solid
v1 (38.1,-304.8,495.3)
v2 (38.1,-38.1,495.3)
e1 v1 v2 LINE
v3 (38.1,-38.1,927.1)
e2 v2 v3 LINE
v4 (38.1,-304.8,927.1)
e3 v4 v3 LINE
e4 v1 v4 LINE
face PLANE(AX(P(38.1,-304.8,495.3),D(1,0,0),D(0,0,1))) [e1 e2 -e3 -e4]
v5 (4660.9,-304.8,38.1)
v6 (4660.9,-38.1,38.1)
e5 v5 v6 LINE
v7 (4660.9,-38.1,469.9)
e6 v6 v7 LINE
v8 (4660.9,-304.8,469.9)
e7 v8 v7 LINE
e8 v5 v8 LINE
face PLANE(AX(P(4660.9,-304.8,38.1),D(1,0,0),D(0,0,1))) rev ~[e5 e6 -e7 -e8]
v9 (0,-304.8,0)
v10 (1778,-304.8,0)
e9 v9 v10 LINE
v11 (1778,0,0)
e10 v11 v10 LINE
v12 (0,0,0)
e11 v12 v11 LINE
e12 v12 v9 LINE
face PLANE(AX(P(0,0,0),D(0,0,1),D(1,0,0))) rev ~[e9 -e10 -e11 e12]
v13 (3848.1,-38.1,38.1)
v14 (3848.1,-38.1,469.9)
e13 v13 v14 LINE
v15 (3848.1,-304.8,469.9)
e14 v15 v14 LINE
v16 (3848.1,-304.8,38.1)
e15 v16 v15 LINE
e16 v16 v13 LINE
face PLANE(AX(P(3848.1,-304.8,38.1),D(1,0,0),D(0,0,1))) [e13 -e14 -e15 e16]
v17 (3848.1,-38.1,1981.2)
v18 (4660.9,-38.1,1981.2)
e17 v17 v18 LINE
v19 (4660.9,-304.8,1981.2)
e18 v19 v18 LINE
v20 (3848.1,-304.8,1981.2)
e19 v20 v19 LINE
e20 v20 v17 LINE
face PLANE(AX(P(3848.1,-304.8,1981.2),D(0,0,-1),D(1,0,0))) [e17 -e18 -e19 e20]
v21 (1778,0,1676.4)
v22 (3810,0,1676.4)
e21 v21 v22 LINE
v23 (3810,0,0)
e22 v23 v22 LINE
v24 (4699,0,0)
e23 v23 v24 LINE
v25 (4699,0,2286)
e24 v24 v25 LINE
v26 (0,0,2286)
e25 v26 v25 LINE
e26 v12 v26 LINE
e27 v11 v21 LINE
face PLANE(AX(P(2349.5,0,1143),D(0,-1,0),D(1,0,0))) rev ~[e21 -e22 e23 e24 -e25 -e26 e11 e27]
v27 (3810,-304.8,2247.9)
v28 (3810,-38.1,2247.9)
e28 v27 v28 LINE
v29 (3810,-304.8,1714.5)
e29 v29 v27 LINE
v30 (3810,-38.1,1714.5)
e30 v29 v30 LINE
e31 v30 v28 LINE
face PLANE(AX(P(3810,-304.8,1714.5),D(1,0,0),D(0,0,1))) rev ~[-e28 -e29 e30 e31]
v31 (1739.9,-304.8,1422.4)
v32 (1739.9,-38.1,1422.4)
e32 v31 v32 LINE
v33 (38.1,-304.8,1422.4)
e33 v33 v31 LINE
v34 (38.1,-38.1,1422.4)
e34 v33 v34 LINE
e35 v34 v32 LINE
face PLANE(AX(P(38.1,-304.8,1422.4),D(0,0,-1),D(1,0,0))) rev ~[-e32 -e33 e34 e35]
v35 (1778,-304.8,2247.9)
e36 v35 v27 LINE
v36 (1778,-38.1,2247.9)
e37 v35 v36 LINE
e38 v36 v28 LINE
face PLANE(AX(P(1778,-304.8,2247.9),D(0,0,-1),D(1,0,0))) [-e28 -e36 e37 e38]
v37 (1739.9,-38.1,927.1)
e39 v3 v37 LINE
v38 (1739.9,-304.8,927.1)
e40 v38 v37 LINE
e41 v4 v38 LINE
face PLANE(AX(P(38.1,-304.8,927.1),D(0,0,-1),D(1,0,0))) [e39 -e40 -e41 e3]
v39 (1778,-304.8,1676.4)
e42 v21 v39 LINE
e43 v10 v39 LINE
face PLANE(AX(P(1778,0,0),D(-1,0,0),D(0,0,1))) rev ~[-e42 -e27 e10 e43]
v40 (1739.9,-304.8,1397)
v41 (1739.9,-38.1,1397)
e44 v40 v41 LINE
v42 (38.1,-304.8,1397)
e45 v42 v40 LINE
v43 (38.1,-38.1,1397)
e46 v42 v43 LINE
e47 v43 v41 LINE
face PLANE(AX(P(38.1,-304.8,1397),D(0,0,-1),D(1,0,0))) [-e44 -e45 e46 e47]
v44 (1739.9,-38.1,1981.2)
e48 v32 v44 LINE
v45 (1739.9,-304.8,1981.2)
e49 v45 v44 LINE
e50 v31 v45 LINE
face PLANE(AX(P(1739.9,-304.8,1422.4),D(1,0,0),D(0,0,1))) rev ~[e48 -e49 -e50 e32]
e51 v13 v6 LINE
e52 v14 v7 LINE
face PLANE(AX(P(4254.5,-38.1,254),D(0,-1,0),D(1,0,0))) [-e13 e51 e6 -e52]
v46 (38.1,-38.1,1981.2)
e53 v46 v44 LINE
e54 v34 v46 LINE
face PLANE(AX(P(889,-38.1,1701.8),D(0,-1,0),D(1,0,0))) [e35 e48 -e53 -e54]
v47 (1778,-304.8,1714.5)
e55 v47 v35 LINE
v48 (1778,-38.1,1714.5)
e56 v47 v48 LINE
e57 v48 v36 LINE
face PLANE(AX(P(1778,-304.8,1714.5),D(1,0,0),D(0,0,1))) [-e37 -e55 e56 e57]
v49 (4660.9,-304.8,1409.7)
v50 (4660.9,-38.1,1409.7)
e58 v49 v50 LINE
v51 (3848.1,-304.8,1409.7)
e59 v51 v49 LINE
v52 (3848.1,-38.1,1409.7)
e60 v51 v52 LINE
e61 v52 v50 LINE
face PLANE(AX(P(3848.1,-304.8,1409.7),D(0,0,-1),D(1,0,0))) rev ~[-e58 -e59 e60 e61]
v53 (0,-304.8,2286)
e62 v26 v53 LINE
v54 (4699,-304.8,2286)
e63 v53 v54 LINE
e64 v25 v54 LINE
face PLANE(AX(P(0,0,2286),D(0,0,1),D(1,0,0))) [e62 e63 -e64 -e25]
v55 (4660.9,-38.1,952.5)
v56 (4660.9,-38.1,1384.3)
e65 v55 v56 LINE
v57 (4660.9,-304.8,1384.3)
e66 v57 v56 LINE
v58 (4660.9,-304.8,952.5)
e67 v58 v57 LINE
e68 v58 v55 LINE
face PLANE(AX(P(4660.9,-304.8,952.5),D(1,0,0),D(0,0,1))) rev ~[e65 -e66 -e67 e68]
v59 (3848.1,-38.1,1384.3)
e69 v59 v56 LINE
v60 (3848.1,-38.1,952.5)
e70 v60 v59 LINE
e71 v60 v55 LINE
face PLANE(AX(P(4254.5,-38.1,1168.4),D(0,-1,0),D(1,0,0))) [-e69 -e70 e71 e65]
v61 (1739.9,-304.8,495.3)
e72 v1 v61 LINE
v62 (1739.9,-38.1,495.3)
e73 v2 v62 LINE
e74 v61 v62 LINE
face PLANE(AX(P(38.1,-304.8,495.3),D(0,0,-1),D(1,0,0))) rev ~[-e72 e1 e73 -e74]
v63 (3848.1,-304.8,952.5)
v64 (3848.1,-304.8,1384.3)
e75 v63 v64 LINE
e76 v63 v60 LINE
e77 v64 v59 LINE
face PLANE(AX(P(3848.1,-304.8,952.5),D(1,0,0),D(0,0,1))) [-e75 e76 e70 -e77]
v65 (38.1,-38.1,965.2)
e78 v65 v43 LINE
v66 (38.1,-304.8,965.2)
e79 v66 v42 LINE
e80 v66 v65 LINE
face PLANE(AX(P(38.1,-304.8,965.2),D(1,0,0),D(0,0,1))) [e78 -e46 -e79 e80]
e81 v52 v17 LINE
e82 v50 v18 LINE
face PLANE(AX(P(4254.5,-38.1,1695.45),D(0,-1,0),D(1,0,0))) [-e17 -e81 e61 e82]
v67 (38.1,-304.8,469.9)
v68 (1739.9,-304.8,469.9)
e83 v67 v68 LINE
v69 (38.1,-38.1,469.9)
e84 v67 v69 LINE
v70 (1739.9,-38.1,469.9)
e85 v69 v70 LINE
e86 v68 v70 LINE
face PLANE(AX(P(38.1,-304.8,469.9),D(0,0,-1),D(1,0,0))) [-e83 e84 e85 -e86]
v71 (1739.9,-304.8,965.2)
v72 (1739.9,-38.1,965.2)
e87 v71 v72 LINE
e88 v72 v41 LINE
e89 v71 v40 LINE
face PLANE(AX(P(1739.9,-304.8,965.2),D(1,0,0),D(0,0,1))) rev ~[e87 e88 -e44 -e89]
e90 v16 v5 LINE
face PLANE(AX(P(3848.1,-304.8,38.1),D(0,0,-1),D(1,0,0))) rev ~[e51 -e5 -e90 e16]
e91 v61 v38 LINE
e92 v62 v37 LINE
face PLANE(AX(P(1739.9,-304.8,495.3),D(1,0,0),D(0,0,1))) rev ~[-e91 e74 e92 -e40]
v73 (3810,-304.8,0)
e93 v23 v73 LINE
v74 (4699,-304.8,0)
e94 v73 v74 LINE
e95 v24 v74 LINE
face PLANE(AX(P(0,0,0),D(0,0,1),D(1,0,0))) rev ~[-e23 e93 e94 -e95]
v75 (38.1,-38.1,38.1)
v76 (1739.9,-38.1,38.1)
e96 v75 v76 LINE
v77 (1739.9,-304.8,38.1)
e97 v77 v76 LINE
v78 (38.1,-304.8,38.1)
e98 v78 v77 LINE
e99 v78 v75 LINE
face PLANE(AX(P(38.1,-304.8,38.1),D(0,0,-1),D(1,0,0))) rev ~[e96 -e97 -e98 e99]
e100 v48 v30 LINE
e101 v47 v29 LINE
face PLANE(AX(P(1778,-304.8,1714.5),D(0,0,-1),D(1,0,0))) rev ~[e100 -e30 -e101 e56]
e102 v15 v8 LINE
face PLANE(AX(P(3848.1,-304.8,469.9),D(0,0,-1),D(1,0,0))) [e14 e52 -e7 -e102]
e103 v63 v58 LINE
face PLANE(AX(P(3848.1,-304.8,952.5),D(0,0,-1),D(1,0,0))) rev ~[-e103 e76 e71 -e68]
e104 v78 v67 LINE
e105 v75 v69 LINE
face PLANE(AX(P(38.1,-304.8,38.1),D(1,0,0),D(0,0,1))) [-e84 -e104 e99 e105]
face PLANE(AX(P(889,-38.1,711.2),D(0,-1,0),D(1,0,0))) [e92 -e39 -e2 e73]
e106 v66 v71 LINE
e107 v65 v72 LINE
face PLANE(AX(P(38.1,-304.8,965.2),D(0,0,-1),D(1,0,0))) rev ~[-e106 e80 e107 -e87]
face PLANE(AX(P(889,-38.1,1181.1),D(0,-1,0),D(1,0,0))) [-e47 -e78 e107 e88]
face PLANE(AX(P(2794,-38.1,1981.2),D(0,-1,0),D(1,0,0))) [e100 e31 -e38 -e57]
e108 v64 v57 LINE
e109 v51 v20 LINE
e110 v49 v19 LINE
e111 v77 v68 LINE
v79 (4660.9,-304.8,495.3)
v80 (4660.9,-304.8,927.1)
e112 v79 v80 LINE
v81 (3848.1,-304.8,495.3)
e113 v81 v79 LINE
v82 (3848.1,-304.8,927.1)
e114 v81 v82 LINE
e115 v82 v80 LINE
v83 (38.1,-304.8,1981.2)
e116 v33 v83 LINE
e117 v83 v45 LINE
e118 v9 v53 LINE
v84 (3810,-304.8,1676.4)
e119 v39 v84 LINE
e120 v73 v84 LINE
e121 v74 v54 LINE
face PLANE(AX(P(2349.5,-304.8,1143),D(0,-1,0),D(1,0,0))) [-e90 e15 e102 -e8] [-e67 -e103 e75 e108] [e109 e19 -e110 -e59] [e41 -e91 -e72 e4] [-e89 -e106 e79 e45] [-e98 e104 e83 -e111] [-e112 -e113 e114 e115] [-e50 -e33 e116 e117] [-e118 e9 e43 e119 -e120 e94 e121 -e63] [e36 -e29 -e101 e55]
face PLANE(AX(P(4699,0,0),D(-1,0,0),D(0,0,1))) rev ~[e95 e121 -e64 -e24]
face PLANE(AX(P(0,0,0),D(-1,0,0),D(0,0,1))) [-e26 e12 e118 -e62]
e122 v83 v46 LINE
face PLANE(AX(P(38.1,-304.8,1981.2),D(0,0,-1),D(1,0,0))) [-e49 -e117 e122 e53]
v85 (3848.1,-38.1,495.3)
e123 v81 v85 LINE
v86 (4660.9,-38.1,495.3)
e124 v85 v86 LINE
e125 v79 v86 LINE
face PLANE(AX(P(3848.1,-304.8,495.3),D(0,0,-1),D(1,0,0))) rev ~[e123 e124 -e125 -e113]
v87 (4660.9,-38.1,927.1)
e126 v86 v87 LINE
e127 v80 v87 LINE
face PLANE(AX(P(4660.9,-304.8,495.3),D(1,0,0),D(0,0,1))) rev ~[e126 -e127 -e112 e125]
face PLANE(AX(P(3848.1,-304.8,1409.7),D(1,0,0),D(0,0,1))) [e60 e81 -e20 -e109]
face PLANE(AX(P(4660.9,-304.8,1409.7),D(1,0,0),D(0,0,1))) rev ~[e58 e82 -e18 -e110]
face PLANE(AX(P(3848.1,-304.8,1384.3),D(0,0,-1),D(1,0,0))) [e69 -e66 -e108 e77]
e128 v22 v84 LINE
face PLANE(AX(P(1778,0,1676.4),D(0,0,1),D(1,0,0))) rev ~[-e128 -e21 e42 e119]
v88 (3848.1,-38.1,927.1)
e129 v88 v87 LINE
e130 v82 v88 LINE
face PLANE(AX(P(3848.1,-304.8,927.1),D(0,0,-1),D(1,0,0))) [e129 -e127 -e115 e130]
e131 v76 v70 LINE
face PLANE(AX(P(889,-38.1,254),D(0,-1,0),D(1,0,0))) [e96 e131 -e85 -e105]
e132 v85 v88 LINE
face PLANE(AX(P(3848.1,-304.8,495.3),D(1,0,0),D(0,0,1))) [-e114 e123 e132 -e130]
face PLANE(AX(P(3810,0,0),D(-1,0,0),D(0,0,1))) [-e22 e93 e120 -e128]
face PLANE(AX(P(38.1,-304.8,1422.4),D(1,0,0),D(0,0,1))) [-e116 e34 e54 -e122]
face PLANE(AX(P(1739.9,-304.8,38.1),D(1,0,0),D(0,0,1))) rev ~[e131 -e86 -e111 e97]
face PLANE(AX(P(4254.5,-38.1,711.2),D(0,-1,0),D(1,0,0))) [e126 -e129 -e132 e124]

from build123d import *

# Parameters (mm, degrees)
F0_W      = 4699
F0_H      = 2286
F1_DEPTH  = 304.8
F2_W      = 2032
F2_H      = 1676.4
F3_DEPTH  = 304.8
F4_W      = 812.8
F4_H      = 431.8
F5_DEPTH  = 266.7
F6_W      = 812.8
F6_H      = 431.8
F7_DEPTH  = 266.7
F8_W      = 1701.8
F8_H      = 431.8
F9_DEPTH  = 266.7
F10_W     = 812.8
F10_H     = 431.8
F11_DEPTH = 266.7
F12_W     = 1701.8
F12_H     = 431.8
F13_DEPTH = 266.7
F14_W     = 1701.8
F14_H     = 431.8
F15_DEPTH = 266.7
F16_W     = 812.8
F16_H     = 571.5
F17_DEPTH = 266.7
F18_W     = 2032
F18_H     = 533.4
F19_DEPTH = 266.7
F20_W     = 1701.8
F20_H     = 558.8
F21_DEPTH = 266.7


with BuildPart() as f1:
    # F0 (on Front) → F1 (new body)
    with BuildSketch(Plane.XZ):
        with Locations((2349.5, 1143)):
            Rectangle(F0_W, F0_H)
    extrude(amount=F1_DEPTH)

    # F2 (on Front) → F3 (cut)
    with BuildSketch(Plane.XZ):
        with Locations((2794, 838.2)):
            Rectangle(F2_W, F2_H)
    extrude(amount=F3_DEPTH, mode=Mode.SUBTRACT)

    # F4 (on face) → F5 (cut)
    with BuildSketch(Plane.XZ.offset(304.8)):
        with Locations((4254.5, 254)):
            Rectangle(F4_W, F4_H)
    extrude(amount=-F5_DEPTH, mode=Mode.SUBTRACT)

    # F6 (on face) → F7 (cut)
    with BuildSketch(Plane.XZ.offset(304.8)):
        with Locations((4254.5, 711.2)):
            Rectangle(F6_W, F6_H)
    extrude(amount=-F7_DEPTH, mode=Mode.SUBTRACT)

    # F8 (on face) → F9 (cut)
    with BuildSketch(Plane.XZ.offset(304.8)):
        with Locations((889, 254)):
            Rectangle(F8_W, F8_H)
    extrude(amount=-F9_DEPTH, mode=Mode.SUBTRACT)

    # F10 (on face) → F11 (cut)
    with BuildSketch(Plane.XZ.offset(304.8)):
        with Locations((4254.5, 1168.4)):
            Rectangle(F10_W, F10_H)
    extrude(amount=-F11_DEPTH, mode=Mode.SUBTRACT)

    # F12 (on face) → F13 (cut)
    with BuildSketch(Plane.XZ.offset(304.8)):
        with Locations((889, 711.2)):
            Rectangle(F12_W, F12_H)
    extrude(amount=-F13_DEPTH, mode=Mode.SUBTRACT)

    # F14 (on face) → F15 (cut)
    with BuildSketch(Plane.XZ.offset(304.8)):
        with Locations((889, 1181.1)):
            Rectangle(F14_W, F14_H)
    extrude(amount=-F15_DEPTH, mode=Mode.SUBTRACT)

    # F16 (on face) → F17 (cut)
    with BuildSketch(Plane.XZ.offset(304.8)):
        with Locations((4254.5, 1695.45)):
            Rectangle(F16_W, F16_H)
    extrude(amount=-F17_DEPTH, mode=Mode.SUBTRACT)

    # F18 (on face) → F19 (cut)
    with BuildSketch(Plane.XZ.offset(304.8)):
        with Locations((2794, 1981.2)):
            Rectangle(F18_W, F18_H)
    extrude(amount=-F19_DEPTH, mode=Mode.SUBTRACT)

    # F20 (on face) → F21 (cut)
    with BuildSketch(Plane.XZ.offset(304.8)):
        with Locations((889, 1701.8)):
            Rectangle(F20_W, F20_H)
    extrude(amount=-F21_DEPTH, mode=Mode.SUBTRACT)


solid = f1.part
